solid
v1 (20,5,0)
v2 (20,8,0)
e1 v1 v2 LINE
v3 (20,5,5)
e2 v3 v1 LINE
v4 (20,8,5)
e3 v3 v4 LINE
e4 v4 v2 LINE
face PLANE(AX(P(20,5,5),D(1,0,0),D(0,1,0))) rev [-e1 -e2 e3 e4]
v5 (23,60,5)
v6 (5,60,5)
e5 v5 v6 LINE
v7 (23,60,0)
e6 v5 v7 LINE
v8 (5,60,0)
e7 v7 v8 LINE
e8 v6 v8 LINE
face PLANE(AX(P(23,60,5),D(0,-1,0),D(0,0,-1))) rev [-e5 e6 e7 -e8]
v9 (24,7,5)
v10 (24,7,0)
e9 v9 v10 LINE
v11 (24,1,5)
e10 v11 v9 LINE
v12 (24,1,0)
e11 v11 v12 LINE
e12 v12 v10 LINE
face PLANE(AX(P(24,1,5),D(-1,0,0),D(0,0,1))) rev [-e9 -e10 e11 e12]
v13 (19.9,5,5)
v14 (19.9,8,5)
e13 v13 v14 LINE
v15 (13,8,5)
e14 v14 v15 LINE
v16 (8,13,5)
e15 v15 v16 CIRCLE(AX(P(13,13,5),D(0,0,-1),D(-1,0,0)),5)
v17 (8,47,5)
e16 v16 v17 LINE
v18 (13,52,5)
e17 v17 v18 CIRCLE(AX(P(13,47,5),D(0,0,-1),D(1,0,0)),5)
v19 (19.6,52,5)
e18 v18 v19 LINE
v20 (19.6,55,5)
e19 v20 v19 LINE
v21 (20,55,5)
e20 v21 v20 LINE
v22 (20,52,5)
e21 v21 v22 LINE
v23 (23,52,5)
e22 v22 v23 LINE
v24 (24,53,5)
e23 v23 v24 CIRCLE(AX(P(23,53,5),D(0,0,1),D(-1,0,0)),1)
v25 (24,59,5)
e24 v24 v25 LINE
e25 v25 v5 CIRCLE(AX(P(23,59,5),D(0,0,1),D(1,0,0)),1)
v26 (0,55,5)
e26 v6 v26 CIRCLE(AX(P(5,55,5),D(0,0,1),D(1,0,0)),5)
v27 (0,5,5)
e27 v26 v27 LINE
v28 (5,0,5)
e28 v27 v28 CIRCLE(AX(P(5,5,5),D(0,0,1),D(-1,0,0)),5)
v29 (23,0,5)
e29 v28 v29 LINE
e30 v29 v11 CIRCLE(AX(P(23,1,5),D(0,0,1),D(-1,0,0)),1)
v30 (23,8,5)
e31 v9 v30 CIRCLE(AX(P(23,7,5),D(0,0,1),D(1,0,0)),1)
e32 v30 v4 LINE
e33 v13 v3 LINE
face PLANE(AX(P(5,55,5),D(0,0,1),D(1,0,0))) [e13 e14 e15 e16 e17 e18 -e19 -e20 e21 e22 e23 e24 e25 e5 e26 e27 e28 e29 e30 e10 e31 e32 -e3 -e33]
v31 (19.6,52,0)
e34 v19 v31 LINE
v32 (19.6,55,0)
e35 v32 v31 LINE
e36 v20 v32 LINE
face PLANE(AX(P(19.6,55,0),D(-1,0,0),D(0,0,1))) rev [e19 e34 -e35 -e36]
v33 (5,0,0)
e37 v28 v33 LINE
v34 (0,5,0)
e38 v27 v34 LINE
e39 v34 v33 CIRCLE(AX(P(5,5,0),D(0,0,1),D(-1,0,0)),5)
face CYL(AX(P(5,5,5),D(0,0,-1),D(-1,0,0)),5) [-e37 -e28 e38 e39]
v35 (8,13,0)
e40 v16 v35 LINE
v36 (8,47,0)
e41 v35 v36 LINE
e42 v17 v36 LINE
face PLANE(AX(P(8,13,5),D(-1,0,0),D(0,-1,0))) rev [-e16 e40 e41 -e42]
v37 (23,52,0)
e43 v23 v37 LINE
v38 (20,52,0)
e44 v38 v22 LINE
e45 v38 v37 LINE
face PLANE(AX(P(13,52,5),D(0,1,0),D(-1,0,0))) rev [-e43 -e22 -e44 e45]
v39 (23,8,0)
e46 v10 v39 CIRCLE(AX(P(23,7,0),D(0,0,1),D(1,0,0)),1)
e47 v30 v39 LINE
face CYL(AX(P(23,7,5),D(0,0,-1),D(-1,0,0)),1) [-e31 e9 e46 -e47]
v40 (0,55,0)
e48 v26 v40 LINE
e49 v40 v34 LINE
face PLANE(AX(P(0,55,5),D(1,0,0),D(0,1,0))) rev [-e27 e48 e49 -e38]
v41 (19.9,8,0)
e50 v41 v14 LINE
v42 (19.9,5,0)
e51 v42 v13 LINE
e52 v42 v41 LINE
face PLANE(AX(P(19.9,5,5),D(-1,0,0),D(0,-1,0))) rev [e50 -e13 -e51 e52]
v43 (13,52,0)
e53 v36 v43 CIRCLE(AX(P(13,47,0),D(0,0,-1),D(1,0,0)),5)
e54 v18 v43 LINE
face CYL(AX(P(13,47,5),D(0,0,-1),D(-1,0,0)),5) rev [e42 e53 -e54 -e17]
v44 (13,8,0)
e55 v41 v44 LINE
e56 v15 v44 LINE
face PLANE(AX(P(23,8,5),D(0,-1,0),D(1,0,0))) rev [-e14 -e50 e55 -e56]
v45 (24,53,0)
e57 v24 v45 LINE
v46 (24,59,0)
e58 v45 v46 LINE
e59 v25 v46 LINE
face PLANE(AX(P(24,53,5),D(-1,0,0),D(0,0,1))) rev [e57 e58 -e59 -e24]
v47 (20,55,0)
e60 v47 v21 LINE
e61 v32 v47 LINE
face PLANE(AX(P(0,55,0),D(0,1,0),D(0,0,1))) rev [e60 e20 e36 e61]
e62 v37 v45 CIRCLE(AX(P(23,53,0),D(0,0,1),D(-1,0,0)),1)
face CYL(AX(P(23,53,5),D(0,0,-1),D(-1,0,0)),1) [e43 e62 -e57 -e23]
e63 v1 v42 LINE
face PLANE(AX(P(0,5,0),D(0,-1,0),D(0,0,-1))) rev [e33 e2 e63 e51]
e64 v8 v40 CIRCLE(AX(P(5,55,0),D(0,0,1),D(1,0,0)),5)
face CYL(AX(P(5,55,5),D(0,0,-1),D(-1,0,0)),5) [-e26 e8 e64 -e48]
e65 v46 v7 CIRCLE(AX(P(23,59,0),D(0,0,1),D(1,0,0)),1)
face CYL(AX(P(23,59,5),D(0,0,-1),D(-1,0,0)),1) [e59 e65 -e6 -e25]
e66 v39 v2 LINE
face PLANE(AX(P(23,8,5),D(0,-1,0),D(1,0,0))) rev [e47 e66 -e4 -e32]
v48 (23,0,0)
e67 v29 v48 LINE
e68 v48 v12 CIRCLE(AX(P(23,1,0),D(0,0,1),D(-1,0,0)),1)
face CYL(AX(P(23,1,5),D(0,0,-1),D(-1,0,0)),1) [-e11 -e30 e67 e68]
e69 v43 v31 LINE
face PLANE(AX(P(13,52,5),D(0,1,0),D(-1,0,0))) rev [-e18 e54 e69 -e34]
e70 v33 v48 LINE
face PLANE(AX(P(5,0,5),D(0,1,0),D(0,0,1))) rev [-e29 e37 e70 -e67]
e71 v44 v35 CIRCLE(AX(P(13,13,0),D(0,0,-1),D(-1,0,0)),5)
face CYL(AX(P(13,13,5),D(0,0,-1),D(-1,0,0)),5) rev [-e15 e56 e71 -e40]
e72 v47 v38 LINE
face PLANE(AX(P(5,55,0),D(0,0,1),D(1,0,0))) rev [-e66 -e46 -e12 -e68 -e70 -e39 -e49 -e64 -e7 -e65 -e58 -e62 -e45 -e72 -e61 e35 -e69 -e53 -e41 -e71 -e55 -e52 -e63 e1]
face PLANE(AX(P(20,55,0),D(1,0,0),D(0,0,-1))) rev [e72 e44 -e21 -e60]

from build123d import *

# Parameters (mm, degrees)
BOSS_EXTRUDE1_DEPTH = 5
SKETCH3_W           = 0.1
SKETCH3_H           = 5
CUT_EXTRUDE1_DEPTH  = 3
SKETCH4_W           = 0.4
SKETCH4_H           = 5
CUT_EXTRUDE2_DEPTH  = 3


with BuildPart() as part:
    # Sketch1 → Boss-Extrude1 (new body)
    with BuildSketch(Plane.XY):
        with BuildLine():
            Line((0, 55), (0, 5))
            ThreePointArc((0, 5), (1.464466094, 1.464466094), (5, 0))
            Line((5, 0), (23, 0))
            ThreePointArc((23, 0), (23.707106781, 0.292893219), (24, 1))
            Line((24, 1), (24, 7))
            ThreePointArc((24, 7), (23.707106781, 7.707106781), (23, 8))
            Line((23, 8), (13, 8))
            ThreePointArc((13, 8), (9.464466094, 9.464466094), (8, 13))
            Line((8, 13), (8, 47))
            ThreePointArc((8, 47), (9.464466094, 50.535533906), (13, 52))
            Line((13, 52), (23, 52))
            ThreePointArc((23, 52), (23.707106781, 52.292893219), (24, 53))
            Line((24, 53), (24, 59))
            ThreePointArc((24, 59), (23.707106781, 59.707106781), (23, 60))
            Line((23, 60), (5, 60))
            ThreePointArc((5, 60), (1.464466094, 58.535533906), (0, 55))
        make_face()
    extrude(amount=BOSS_EXTRUDE1_DEPTH)

    # Sketch3 → Cut-Extrude1 (cut)
    with BuildSketch(Plane(origin=(0, 8, 0), x_dir=(1, 0, 0), z_dir=(0, 1, 0))):
        with Locations((19.95, -2.5)):
            Rectangle(SKETCH3_W, SKETCH3_H)
    extrude(amount=-CUT_EXTRUDE1_DEPTH, mode=Mode.SUBTRACT)

    # Sketch4 → Cut-Extrude2 (cut)
    with BuildSketch(Plane.XZ.offset(-52)):
        with Locations((19.8, 2.5)):
            Rectangle(SKETCH4_W, SKETCH4_H)
    extrude(amount=-CUT_EXTRUDE2_DEPTH, mode=Mode.SUBTRACT)


solid = part.part
